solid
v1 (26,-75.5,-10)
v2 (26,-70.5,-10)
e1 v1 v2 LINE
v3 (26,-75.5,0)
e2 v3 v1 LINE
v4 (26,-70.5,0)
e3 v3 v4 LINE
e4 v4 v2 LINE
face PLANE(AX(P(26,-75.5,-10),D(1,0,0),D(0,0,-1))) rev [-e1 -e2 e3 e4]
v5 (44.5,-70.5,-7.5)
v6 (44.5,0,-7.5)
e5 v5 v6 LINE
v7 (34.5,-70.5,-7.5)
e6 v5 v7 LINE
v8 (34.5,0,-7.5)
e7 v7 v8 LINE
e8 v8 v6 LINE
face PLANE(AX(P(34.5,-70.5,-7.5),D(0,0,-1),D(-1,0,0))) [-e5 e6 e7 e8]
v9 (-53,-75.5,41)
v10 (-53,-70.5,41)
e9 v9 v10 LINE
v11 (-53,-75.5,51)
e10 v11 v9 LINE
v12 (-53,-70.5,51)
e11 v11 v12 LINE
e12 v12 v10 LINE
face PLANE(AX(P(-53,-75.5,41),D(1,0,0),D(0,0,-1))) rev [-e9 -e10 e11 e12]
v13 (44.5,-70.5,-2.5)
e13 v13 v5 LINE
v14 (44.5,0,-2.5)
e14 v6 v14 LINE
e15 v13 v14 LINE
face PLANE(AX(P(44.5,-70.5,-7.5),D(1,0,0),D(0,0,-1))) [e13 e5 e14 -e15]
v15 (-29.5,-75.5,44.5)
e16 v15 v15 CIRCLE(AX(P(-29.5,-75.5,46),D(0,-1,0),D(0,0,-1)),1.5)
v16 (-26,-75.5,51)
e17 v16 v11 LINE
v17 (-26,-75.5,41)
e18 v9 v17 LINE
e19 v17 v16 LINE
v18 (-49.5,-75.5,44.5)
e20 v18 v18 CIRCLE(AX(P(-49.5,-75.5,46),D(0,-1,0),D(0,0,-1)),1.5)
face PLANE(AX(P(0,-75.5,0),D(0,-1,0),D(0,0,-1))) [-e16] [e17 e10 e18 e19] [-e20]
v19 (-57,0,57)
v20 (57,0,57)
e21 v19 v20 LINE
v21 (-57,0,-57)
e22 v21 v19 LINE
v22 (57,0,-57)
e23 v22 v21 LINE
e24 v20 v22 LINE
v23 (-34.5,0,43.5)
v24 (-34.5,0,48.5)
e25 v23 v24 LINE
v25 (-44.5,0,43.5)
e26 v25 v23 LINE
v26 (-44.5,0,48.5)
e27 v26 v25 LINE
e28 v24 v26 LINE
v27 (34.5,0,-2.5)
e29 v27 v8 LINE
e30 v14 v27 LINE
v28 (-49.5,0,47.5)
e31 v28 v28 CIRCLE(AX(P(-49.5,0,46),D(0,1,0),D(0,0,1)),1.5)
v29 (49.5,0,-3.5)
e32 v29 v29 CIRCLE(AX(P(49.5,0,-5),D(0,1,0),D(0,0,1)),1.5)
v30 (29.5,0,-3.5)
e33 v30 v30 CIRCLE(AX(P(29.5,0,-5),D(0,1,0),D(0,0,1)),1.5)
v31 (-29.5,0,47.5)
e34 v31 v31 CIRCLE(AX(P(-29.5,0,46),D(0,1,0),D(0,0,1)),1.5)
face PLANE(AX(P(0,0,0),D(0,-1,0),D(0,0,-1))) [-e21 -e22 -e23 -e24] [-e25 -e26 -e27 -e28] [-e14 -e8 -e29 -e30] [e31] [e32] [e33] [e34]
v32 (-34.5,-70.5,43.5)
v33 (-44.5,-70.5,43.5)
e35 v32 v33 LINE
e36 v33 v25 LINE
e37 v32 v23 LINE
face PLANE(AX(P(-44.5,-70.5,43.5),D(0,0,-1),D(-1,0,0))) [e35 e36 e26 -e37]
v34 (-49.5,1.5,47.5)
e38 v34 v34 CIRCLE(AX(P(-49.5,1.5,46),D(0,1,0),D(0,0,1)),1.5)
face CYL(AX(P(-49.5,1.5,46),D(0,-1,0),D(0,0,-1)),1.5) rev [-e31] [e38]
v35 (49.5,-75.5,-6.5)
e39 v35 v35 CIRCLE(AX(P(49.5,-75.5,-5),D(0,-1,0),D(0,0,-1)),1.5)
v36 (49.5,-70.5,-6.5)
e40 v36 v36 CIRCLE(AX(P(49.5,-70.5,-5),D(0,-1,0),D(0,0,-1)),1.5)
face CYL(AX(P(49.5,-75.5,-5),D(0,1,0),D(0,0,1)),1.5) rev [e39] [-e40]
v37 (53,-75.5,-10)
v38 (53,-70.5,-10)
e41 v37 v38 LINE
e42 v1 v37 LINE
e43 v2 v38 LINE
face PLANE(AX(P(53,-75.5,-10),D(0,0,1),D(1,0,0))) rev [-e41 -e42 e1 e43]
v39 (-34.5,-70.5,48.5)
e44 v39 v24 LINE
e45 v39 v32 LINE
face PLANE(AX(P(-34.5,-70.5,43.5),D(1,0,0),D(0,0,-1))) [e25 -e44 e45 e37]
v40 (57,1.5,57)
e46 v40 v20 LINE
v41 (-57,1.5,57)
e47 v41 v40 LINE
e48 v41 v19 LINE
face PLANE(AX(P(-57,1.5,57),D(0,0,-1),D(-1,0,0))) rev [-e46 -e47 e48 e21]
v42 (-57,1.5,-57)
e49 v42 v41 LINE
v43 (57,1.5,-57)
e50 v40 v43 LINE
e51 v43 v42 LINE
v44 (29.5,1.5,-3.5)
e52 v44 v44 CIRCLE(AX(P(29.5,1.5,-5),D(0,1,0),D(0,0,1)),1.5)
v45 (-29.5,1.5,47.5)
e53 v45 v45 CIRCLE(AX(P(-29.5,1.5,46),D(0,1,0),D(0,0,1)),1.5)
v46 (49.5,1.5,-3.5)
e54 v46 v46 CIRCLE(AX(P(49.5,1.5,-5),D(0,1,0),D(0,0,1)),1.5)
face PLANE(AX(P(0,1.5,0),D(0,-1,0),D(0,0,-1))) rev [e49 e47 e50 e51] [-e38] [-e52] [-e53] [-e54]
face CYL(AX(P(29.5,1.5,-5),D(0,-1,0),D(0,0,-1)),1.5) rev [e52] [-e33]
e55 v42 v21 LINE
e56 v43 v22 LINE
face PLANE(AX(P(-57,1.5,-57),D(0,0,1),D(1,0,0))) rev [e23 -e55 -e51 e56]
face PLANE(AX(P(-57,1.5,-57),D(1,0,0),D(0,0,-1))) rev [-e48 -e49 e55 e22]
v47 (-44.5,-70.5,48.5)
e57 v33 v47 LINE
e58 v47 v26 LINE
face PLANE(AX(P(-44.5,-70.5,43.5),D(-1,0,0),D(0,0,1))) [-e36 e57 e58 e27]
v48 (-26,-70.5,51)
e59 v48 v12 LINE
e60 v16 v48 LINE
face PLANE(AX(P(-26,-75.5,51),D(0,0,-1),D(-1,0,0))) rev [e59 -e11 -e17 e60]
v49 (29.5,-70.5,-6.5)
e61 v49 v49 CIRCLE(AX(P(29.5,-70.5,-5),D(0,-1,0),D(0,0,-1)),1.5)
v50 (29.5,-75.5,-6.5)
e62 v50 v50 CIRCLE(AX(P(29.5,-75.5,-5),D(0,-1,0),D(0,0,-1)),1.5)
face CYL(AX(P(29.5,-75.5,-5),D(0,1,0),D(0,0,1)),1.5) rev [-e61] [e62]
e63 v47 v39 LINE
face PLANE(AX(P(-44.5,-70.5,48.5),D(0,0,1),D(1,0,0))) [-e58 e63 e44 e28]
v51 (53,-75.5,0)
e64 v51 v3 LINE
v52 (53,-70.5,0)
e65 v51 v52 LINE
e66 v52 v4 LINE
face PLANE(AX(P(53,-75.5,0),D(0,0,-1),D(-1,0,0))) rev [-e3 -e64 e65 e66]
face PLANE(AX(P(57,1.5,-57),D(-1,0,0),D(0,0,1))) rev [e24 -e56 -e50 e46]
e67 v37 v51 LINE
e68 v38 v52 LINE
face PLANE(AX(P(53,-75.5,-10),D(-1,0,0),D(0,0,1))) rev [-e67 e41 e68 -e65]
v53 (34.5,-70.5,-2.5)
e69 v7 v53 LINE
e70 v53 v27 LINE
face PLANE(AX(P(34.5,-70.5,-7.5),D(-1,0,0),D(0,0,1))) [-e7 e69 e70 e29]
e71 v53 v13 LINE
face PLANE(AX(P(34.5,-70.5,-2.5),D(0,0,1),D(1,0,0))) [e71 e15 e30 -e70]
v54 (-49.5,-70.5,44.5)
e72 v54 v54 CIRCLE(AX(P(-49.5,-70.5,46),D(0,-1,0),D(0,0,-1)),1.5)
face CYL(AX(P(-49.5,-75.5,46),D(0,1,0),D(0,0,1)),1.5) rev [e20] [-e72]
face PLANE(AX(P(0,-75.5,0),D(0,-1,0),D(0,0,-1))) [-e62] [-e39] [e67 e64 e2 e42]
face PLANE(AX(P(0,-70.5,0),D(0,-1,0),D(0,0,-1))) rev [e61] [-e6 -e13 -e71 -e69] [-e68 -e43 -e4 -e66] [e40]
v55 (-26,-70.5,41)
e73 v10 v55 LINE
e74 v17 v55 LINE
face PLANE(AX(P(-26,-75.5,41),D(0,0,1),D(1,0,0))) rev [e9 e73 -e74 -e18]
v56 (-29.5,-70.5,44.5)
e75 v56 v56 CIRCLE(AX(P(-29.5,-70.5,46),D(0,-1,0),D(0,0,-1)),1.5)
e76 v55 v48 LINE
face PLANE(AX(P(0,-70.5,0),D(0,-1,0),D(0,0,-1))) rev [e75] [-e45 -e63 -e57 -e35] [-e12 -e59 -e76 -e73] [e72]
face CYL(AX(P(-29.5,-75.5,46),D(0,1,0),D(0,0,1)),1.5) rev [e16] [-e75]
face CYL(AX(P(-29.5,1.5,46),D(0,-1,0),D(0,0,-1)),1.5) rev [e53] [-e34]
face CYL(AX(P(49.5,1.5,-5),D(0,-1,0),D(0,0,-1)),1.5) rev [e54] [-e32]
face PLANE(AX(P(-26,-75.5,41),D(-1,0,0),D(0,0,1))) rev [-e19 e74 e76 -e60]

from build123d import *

# Parameters (mm, degrees)
SKETCH1_W           = 114
SKETCH1_H           = 114
SKETCH1_R           = 1.5
BOSS_EXTRUDE1_DEPTH = 1.5
SKETCH2_W           = 10
SKETCH2_H           = 5
BOSS_EXTRUDE2_DEPTH = 72
SKETCH3_W           = 27
SKETCH3_H           = 10
SKETCH3_R           = 1.5
BOSS_EXTRUDE3_DEPTH = 5


with BuildPart() as part:
    # Sketch1 → Boss-Extrude1 (new body)
    with BuildSketch(Plane(origin=(0, 0, 0), x_dir=(1, 0, 0), z_dir=(0, 1, 0))):
        Rectangle(SKETCH1_W, SKETCH1_H)
        with Locations((29.5, 5)):
            Circle(SKETCH1_R, mode=Mode.SUBTRACT)
        with Locations((49.5, 5)):
            Circle(SKETCH1_R, mode=Mode.SUBTRACT)
        with Locations((-29.5, -46)):
            Circle(SKETCH1_R, mode=Mode.SUBTRACT)
        with Locations((-49.5, -46)):
            Circle(SKETCH1_R, mode=Mode.SUBTRACT)
    extrude(amount=BOSS_EXTRUDE1_DEPTH)

    # Sketch2 → Boss-Extrude2 (add)
    with BuildSketch(Plane(origin=(0, 1.5, 0), x_dir=(1, 0, 0), z_dir=(0, 1, 0))):
        with Locations((-39.5, -46)):
            Rectangle(SKETCH2_W, SKETCH2_H)
        with Locations((39.5, 5)):
            Rectangle(SKETCH2_W, SKETCH2_H)
    extrude(amount=-BOSS_EXTRUDE2_DEPTH)

    # Sketch3 → Boss-Extrude3 (add)
    with BuildSketch(Plane(origin=(0, -70.5, 0), x_dir=(-1, 0, 0), z_dir=(0, -1, 0))):
        with Locations((39.5, -46)):
            Rectangle(SKETCH3_W, SKETCH3_H)
        with Locations((49.5, -46)):
            Circle(SKETCH3_R, mode=Mode.SUBTRACT)
        with Locations((29.5, -46)):
            Circle(SKETCH3_R, mode=Mode.SUBTRACT)
        with Locations((-39.5, 5)):
            Rectangle(SKETCH3_W, SKETCH3_H)
        with Locations((-29.5, 5)):
            Circle(SKETCH3_R, mode=Mode.SUBTRACT)
        with Locations((-49.5, 5)):
            Circle(SKETCH3_R, mode=Mode.SUBTRACT)
    extrude(amount=BOSS_EXTRUDE3_DEPTH)


solid = part.part
